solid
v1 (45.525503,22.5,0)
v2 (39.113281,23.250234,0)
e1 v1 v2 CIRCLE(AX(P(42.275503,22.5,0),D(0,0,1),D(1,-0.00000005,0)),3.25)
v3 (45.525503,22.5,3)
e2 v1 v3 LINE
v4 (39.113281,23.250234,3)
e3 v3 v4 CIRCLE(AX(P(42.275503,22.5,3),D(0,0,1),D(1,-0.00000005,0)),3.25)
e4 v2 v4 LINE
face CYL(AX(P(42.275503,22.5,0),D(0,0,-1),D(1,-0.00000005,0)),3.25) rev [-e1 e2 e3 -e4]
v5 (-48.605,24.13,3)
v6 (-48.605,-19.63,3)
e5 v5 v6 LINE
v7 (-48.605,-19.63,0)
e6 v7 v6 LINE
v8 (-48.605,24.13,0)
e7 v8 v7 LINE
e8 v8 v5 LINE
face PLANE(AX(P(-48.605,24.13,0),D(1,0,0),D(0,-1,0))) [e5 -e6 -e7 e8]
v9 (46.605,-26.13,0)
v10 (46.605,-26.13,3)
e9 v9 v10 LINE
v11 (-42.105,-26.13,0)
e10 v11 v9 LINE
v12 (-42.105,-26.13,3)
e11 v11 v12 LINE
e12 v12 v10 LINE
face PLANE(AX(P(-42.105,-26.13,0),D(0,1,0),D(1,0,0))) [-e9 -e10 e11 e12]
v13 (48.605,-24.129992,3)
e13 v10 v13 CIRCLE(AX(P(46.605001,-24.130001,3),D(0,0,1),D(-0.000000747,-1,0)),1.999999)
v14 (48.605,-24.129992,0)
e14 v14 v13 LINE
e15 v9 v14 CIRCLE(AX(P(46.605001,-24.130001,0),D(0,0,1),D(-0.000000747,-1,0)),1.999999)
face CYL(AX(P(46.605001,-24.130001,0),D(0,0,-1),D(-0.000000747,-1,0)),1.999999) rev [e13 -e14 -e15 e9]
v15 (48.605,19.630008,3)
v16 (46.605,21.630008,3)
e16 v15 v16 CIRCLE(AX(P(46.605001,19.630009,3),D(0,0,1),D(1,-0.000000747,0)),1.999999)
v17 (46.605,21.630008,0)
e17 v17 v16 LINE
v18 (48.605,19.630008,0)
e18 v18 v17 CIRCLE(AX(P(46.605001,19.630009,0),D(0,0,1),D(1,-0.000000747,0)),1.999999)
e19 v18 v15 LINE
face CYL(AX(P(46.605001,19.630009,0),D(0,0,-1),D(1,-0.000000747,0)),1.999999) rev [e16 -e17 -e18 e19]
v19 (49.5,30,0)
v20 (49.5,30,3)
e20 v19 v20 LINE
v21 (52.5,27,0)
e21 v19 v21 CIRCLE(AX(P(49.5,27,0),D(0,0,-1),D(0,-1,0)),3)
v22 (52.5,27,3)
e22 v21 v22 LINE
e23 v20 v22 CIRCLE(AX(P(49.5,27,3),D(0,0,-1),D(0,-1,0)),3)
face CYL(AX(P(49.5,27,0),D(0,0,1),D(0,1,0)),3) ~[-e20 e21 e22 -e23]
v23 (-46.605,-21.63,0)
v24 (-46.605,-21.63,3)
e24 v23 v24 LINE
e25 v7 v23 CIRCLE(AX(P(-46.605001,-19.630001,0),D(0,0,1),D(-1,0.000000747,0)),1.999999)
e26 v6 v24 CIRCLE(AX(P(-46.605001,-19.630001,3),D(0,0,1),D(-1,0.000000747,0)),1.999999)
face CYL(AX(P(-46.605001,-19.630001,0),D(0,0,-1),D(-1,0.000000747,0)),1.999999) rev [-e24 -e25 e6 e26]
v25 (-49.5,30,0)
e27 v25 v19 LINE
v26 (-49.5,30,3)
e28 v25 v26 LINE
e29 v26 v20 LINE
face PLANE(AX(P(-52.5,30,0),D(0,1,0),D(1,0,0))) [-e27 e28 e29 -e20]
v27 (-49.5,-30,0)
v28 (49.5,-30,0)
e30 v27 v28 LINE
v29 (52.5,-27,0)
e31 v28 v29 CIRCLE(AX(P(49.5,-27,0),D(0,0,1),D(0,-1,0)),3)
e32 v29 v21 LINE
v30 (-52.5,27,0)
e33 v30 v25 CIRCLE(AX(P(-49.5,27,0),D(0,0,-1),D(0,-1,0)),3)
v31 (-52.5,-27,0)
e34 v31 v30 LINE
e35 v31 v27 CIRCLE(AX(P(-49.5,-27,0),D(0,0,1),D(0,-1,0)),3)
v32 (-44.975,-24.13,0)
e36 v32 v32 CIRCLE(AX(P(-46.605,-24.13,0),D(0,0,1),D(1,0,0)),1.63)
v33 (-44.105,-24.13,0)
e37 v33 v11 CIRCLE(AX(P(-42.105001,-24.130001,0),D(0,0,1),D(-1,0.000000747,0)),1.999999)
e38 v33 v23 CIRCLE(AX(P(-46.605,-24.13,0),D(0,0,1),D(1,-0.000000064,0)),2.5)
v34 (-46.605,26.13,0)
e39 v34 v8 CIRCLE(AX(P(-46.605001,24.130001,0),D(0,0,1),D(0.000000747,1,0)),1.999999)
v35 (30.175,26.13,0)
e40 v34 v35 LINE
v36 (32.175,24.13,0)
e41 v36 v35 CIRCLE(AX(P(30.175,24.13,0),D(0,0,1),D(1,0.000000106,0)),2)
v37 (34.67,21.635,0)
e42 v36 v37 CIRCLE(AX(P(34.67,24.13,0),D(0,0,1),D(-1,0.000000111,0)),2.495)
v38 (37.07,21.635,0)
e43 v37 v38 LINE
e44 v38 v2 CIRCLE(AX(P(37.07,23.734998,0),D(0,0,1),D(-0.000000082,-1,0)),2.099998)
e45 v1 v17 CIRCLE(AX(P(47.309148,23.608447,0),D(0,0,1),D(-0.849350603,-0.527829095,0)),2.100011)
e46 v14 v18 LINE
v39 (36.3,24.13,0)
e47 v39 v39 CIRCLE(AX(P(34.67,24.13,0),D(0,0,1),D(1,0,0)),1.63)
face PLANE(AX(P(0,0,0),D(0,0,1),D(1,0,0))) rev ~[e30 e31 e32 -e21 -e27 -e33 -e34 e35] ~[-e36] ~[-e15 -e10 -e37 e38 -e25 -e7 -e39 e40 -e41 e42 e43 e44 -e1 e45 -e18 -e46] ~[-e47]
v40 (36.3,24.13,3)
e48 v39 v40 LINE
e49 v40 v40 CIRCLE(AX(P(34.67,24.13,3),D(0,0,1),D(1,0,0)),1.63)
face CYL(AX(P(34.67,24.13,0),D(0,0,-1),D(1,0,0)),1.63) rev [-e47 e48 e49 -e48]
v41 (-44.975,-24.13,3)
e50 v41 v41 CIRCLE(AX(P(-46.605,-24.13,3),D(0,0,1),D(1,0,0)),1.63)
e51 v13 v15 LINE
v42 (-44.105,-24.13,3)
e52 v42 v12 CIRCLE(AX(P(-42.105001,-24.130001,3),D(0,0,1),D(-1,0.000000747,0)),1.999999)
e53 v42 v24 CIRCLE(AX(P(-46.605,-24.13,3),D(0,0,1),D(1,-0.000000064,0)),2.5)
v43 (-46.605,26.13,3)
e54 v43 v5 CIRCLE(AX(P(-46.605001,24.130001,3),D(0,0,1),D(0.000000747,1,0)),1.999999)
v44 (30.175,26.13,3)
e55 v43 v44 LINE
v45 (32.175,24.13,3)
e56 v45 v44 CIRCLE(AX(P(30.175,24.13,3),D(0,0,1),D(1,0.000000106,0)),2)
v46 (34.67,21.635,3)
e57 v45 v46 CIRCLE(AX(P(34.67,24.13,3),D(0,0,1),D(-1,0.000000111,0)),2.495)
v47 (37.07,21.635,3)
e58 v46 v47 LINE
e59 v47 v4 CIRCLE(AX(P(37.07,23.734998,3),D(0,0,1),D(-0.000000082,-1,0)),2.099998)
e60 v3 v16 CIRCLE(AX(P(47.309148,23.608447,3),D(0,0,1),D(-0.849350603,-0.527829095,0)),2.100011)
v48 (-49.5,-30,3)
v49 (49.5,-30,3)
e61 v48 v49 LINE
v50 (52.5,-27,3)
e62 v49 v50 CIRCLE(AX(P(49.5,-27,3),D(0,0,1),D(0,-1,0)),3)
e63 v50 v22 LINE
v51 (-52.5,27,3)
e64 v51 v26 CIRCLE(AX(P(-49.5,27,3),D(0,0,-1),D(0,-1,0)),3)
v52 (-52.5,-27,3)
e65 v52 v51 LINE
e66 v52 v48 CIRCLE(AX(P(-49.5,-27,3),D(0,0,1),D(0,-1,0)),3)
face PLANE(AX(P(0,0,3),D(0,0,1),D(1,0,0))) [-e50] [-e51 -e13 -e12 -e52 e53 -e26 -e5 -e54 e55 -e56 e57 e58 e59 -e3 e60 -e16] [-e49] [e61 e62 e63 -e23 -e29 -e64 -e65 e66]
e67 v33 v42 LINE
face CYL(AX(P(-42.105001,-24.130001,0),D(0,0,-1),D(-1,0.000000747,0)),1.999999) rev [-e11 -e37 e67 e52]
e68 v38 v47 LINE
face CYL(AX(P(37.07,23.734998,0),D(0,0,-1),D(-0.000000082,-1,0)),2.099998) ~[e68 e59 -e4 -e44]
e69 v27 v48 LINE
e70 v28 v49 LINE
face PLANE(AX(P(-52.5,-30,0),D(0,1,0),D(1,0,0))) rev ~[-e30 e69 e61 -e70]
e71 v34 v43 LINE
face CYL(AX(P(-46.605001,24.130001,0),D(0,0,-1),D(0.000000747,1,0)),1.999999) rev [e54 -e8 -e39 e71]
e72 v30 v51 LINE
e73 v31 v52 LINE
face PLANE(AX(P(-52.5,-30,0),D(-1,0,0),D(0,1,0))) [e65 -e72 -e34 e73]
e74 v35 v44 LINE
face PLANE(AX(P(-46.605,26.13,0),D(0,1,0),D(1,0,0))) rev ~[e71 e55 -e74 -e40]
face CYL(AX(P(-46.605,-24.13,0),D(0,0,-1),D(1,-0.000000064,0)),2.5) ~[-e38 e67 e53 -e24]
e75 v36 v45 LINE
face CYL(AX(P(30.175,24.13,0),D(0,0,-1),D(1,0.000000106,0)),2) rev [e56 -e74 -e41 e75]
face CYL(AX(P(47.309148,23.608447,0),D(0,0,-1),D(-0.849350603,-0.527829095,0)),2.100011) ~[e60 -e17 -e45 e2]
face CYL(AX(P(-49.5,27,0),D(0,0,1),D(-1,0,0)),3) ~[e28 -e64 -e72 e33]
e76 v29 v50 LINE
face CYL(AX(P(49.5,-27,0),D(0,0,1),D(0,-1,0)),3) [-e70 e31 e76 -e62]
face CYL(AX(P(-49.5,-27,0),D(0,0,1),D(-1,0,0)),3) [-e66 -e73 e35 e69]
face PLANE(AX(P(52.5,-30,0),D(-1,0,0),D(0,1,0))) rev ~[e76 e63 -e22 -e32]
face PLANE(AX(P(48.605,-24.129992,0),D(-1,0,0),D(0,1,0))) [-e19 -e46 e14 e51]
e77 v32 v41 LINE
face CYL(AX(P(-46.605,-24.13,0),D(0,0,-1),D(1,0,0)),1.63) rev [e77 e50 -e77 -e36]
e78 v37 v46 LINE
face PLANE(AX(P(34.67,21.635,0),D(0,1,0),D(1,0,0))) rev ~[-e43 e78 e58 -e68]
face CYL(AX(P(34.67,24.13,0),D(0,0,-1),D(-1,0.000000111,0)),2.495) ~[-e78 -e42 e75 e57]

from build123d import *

# Parameters (mm, degrees)
SKETCH_W  = 105
SKETCH_H  = 60
SKETCH_R  = 1.63
PAD_DEPTH = 3
FILLET_R  = 3


with BuildPart() as part:
    # Sketch → Pad (new body)
    with BuildSketch(Plane.XY):
        Rectangle(SKETCH_W, SKETCH_H)
        with Locations((-46.605, -24.13)):
            Circle(SKETCH_R, mode=Mode.SUBTRACT)
        with Locations((34.67, 24.13)):
            Circle(SKETCH_R, mode=Mode.SUBTRACT)
        with BuildLine():
            ThreePointArc((-44.105, -24.13), (-44.837233, -22.362233), (-46.605, -21.63))
            ThreePointArc((-48.605, -19.63), (-48.019214, -21.044214), (-46.605, -21.63))
            Line((-48.605, 24.13), (-48.605, -19.63))
            ThreePointArc((-46.605, 26.13), (-48.019214, 25.544214), (-48.605, 24.13))
            Line((-46.605, 26.13), (30.175, 26.13))
            ThreePointArc((32.175, 24.13), (31.589213, 25.544214), (30.175, 26.13))
            ThreePointArc((32.175, 24.13), (32.905768, 22.365769), (34.67, 21.635))
            Line((34.67, 21.635), (37.07, 21.635))
            ThreePointArc((37.07, 21.635), (38.372303, 22.087576), (39.113281, 23.250234))
            ThreePointArc((45.525503, 22.5), (42.653179, 25.727981), (39.113281, 23.250234))
            ThreePointArc((45.525503, 22.5), (45.991385, 21.973349), (46.605, 21.630008))
            ThreePointArc((48.605, 19.630008), (48.019214, 21.044222), (46.605, 21.630008))
            Line((48.605, -24.129992), (48.605, 19.630008))
            ThreePointArc((46.605, -26.13), (48.019217, -25.544211), (48.605, -24.129992))
            Line((-42.105, -26.13), (46.605, -26.13))
            ThreePointArc((-44.105, -24.13), (-43.519214, -25.544214), (-42.105, -26.13))
        make_face(mode=Mode.SUBTRACT)
    extrude(amount=PAD_DEPTH)

    # Fillet
    fillet_edges = [part.edges().sort_by_distance(p)[0] for p in [
        (52.5, -30, 1.5),
        (-52.5, -30, 1.5),
        (-52.5, 30, 1.5),
        (52.5, 30, 1.5),
    ]]
    fillet(fillet_edges, radius=FILLET_R)


solid = part.part
